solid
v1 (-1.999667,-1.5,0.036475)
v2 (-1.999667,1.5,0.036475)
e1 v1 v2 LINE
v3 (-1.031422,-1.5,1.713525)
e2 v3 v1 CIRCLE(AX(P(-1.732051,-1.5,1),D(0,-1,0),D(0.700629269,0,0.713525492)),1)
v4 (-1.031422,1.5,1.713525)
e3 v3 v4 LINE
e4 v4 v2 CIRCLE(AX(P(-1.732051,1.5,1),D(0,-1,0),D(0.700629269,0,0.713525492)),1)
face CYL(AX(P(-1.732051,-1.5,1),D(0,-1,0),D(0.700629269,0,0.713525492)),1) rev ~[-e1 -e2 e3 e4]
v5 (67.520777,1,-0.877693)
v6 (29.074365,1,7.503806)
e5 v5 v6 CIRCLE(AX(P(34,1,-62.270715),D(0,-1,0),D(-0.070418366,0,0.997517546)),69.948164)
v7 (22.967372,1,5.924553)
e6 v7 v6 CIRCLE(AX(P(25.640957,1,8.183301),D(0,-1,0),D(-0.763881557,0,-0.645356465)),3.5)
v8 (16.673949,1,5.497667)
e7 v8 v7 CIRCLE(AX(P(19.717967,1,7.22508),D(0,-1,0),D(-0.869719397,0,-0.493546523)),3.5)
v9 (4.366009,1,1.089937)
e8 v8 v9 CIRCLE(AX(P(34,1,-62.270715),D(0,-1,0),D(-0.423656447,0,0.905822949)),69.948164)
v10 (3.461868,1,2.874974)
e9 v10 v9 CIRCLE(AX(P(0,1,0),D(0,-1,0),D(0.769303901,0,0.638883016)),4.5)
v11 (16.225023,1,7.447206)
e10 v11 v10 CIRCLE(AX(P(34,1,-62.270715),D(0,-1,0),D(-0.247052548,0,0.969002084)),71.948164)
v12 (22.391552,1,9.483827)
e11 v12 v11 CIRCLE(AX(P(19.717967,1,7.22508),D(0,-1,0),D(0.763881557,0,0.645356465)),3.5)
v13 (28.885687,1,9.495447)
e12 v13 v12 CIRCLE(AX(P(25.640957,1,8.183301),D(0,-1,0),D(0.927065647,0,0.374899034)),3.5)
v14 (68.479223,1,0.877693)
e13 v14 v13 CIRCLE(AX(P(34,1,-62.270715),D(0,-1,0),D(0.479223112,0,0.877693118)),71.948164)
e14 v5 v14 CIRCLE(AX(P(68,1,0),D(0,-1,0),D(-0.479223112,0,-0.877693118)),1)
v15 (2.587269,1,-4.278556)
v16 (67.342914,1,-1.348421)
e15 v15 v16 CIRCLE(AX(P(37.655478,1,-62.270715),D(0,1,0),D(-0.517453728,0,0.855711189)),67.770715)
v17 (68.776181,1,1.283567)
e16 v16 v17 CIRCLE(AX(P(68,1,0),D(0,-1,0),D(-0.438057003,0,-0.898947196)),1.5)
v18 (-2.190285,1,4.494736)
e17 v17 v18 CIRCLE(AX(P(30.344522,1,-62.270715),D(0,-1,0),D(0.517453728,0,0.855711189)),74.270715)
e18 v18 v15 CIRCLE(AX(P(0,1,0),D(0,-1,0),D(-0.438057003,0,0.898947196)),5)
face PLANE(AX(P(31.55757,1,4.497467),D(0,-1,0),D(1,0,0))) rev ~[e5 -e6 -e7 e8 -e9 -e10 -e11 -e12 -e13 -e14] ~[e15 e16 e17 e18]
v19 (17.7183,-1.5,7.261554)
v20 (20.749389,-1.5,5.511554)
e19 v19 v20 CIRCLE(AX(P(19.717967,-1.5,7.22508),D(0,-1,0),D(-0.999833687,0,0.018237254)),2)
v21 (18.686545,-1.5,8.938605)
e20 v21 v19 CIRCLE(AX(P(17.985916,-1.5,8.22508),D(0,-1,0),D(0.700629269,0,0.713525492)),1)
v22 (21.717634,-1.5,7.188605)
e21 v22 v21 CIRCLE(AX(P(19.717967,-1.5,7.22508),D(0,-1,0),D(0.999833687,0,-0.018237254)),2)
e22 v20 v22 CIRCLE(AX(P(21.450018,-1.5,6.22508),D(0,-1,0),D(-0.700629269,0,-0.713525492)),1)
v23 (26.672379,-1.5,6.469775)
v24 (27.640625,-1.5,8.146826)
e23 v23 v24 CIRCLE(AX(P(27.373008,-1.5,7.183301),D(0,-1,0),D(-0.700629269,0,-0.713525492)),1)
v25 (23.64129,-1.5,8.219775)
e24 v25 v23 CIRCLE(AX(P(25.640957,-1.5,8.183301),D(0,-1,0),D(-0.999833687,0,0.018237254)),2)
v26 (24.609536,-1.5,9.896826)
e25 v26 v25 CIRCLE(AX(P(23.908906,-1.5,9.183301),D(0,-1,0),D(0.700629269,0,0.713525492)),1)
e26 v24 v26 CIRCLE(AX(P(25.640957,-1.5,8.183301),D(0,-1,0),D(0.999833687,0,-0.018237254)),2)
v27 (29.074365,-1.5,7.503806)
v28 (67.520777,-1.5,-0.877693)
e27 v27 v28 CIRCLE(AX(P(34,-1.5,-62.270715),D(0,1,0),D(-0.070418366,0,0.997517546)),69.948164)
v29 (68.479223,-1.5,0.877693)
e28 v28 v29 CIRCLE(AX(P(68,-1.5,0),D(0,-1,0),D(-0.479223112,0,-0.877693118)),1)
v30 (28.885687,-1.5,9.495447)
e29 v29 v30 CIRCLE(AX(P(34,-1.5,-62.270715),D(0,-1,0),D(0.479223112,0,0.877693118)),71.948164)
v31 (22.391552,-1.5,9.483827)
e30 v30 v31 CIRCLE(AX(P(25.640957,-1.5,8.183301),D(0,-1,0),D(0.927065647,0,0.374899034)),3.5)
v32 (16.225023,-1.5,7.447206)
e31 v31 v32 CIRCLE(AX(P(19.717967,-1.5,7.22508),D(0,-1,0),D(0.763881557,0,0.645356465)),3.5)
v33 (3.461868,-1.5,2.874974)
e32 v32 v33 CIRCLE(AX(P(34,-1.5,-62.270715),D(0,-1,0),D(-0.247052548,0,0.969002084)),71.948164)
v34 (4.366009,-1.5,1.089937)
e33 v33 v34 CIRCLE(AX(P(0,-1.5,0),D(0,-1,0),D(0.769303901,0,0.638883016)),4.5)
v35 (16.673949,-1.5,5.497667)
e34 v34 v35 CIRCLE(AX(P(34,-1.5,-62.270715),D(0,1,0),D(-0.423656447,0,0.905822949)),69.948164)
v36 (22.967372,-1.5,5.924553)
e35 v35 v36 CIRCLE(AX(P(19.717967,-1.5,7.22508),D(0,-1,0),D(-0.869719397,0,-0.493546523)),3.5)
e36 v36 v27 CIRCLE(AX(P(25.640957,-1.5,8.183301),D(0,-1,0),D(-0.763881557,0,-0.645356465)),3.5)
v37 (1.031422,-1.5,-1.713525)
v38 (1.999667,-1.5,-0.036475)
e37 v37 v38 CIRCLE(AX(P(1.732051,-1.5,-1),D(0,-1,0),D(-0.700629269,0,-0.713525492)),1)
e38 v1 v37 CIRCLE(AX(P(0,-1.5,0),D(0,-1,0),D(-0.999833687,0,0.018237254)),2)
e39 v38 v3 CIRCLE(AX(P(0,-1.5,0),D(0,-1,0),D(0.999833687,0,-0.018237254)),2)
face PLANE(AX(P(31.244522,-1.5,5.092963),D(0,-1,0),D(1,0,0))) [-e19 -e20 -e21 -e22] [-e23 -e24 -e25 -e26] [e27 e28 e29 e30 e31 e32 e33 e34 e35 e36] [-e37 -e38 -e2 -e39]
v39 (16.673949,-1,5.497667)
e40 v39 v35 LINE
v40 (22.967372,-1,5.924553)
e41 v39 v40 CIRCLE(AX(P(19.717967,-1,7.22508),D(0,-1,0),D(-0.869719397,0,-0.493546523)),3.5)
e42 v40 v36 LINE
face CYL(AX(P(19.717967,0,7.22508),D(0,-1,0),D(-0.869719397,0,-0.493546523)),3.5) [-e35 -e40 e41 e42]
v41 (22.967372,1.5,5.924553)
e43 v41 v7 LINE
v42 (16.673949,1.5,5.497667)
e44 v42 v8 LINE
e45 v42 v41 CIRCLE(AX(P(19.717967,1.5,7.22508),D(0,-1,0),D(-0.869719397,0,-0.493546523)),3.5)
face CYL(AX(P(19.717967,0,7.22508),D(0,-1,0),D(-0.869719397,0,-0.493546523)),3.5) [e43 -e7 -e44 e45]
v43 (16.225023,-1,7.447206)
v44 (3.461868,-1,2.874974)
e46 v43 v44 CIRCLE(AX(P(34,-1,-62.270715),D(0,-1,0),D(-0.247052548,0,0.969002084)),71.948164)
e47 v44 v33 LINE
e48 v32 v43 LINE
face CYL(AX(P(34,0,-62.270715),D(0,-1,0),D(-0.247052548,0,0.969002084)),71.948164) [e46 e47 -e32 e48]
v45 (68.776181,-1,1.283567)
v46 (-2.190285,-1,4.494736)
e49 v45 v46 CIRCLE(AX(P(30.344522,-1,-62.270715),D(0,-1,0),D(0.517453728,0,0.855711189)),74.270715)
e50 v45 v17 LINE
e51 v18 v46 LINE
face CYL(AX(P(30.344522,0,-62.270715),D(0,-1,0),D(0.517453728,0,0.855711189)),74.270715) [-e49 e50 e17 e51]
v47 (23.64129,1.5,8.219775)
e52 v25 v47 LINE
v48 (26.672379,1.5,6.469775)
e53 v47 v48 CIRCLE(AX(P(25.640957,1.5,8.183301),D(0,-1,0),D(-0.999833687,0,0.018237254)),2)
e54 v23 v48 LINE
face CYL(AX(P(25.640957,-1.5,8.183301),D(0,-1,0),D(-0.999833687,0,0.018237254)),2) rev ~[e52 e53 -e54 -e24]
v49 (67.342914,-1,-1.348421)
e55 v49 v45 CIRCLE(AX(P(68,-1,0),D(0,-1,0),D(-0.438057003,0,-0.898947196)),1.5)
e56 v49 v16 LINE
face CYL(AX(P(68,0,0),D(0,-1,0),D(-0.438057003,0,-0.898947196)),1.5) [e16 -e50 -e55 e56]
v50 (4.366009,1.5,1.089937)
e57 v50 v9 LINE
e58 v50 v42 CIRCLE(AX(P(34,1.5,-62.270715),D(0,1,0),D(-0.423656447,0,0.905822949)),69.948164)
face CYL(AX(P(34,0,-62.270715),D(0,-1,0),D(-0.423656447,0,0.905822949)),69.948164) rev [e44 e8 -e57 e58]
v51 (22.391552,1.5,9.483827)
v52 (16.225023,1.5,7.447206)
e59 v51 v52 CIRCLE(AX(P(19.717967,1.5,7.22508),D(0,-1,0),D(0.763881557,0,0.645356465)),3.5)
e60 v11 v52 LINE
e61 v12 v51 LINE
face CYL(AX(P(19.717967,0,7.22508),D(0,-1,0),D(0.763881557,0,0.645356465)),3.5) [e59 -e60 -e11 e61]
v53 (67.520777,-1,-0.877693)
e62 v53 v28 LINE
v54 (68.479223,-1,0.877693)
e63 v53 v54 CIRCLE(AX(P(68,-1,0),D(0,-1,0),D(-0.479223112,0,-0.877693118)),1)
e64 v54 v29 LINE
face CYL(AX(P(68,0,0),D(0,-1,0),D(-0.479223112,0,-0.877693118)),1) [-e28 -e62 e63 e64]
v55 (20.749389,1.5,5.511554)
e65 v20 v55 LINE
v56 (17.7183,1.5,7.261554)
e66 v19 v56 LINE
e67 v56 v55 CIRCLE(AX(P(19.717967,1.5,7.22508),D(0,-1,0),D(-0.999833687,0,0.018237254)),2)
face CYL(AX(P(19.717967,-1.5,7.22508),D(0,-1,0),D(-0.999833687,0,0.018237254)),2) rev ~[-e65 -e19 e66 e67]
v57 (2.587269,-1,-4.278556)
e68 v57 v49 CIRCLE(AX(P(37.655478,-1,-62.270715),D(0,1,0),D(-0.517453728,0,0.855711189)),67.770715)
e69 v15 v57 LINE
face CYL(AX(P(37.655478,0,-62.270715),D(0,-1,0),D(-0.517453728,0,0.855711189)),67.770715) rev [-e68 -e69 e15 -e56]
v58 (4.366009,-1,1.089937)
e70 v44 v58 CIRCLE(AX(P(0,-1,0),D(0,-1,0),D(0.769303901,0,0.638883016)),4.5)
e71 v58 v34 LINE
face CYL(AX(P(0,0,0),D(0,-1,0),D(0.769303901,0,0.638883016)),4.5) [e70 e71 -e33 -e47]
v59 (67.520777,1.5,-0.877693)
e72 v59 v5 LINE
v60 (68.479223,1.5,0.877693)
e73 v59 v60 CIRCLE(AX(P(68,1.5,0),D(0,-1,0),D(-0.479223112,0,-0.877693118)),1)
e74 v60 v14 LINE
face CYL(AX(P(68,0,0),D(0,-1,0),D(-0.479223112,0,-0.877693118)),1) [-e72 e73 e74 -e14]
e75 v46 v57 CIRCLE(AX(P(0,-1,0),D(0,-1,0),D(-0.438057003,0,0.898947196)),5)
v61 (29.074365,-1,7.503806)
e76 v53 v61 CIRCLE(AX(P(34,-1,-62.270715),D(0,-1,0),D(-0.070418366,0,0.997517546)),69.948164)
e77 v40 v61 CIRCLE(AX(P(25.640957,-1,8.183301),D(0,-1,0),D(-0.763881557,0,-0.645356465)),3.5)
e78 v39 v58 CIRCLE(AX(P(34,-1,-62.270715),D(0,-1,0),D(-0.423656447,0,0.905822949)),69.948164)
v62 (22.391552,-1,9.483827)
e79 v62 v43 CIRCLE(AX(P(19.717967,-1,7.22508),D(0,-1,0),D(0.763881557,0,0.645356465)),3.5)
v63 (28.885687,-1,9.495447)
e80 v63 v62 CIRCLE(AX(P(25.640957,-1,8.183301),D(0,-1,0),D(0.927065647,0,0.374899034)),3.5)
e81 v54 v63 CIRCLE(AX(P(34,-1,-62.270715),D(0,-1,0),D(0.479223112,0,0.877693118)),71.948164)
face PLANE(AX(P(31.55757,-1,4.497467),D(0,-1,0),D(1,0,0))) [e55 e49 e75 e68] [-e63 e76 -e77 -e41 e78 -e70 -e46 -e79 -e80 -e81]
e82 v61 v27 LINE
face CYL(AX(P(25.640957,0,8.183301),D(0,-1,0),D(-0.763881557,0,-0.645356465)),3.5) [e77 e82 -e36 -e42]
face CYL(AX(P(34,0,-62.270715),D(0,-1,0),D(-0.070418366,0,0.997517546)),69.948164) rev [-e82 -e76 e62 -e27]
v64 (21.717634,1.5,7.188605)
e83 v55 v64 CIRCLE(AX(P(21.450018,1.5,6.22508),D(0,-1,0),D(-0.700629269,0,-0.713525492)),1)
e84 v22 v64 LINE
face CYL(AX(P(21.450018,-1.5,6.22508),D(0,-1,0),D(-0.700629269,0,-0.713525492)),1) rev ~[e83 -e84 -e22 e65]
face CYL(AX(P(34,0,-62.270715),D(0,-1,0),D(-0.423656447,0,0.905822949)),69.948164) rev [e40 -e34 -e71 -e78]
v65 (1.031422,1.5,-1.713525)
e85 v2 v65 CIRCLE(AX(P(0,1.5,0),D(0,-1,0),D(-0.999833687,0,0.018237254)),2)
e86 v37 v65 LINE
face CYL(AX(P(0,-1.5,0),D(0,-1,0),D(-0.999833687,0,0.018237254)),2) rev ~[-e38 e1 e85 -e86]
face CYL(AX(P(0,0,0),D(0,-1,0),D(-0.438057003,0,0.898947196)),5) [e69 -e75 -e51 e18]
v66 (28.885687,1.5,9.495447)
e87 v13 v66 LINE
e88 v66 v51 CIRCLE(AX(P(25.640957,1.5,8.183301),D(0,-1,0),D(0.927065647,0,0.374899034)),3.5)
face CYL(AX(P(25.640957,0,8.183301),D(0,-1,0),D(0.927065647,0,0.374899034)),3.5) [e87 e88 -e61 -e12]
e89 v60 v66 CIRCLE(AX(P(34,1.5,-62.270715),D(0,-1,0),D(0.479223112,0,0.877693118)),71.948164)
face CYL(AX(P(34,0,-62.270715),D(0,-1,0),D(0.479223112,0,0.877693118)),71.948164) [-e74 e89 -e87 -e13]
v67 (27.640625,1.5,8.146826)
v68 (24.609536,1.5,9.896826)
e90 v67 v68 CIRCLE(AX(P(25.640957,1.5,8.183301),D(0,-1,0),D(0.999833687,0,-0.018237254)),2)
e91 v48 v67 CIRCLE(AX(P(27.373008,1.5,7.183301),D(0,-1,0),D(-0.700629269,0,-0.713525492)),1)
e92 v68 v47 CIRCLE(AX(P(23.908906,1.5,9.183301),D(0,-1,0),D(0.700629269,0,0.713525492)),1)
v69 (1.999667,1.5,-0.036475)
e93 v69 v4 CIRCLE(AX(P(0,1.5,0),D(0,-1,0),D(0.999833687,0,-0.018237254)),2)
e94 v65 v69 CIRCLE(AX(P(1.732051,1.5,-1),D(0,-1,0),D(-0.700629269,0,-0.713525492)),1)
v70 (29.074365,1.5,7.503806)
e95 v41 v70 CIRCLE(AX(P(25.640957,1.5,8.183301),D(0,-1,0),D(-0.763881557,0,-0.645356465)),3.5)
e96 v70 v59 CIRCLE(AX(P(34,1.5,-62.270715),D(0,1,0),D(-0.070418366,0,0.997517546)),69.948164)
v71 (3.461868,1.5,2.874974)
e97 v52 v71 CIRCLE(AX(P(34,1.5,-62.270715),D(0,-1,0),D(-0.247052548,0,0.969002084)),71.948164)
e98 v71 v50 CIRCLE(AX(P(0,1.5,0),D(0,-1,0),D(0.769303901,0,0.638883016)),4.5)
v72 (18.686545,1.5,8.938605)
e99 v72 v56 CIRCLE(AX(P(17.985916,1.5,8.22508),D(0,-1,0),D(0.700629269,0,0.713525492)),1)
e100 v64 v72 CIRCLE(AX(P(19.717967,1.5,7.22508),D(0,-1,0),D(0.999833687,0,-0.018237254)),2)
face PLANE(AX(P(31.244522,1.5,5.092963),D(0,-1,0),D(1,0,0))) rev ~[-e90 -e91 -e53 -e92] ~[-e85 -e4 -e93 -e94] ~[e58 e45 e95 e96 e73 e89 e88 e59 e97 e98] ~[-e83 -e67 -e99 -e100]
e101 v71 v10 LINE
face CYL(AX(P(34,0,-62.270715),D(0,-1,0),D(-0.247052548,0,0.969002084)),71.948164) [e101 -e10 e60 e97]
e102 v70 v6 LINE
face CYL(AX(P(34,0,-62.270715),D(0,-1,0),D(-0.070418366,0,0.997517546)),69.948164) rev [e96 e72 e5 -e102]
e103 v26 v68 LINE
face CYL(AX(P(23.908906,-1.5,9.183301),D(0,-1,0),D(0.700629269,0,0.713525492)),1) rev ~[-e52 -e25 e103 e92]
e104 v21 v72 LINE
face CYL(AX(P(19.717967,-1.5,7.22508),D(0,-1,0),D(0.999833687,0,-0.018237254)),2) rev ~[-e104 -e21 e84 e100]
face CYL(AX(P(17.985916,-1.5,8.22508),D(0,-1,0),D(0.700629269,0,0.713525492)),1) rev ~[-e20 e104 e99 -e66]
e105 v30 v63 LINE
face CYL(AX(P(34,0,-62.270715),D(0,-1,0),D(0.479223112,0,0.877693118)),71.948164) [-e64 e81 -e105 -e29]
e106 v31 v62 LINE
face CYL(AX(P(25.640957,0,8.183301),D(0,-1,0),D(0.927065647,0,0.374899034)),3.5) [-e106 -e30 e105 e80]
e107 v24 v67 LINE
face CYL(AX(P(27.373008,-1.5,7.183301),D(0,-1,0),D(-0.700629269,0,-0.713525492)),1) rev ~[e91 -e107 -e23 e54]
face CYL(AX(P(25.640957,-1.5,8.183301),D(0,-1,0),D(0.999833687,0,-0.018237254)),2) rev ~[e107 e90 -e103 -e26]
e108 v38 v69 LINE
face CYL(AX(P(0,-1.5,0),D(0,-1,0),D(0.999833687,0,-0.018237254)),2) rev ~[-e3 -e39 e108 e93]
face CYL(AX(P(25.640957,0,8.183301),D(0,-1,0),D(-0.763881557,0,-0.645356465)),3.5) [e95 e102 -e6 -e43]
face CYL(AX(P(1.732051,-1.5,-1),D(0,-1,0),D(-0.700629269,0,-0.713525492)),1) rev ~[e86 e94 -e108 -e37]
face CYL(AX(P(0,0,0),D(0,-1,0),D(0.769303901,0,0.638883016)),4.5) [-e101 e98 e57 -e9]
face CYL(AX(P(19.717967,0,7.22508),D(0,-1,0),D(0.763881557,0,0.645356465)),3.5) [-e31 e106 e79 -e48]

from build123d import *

# Parameters (mm, degrees)
F1_DEPTH = 1
F3_DEPTH = 1.5
F5_DEPTH = 3.001


with BuildPart() as f1:
    # F0 (on Front) → F1 (new body, symmetric)
    with BuildSketch(Plane.XZ):
        with BuildLine():
            ThreePointArc((68.7761805926, 1.2835667835), (33.7017703575, 11.9240825949), (-2.1902850165, 4.4947359819))
            ThreePointArc((-2.1902850165, 4.4947359819), (-4.3911344557, -2.3912210671), (2.5872686419, -4.278555945))
            ThreePointArc((2.5872686419, -4.278555945), (34.592048198, 5.4307267094), (67.3429144951, -1.3484207946))
            ThreePointArc((67.3429144951, -1.3484207946), (69.3173403367, -0.7173663201), (68.7761805926, 1.2835667835))
        make_face()
    extrude(amount=F1_DEPTH, both=True)

    # F2 (on Front) → F3 (join, symmetric)
    with BuildSketch(Plane.XZ):
        with BuildLine():
            ThreePointArc((16.2250227063, 7.4472055889), (9.7355101111, 5.4623847447), (3.4618675547, 2.874973571))
            ThreePointArc((3.4618675547, 2.874973571), (-4.0144119209, -2.0333462394), (4.3660093294, 1.0899369411))
            ThreePointArc((4.3660093294, 1.0899369411), (10.4167772399, 3.581978337), (16.6739491432, 5.4976668288))
            ThreePointArc((16.6739491432, 5.4976668288), (19.9548297013, 3.7331037029), (22.9673717281, 5.9245531772))
            ThreePointArc((22.9673717281, 5.9245531772), (26.5172230695, 4.7947674828), (29.0743645644, 7.5038056215))
            ThreePointArc((29.0743645644, 7.5038056215), (48.8990908767, 6.0722634585), (67.5207768882, -0.8776931178))
            ThreePointArc((67.5207768882, -0.8776931178), (68.8776931178, -0.4792231118), (68.4792231118, 0.8776931178))
            ThreePointArc((68.4792231118, 0.8776931178), (49.3016635675, 8.0314710303), (28.8856869412, 9.495447426))
            ThreePointArc((28.8856869412, 9.495447426), (25.6346945373, 11.6832952033), (22.3915524813, 9.4838272879))
            ThreePointArc((22.3915524813, 9.4838272879), (18.6203358432, 10.5485124881), (16.2250227063, 7.4472055889))
        make_face()
    extrude(amount=F3_DEPTH, both=True)

    # F4 (on face) → F5 (cut, through all)
    with BuildSketch(Plane.XZ.offset(1.5)):
        with BuildLine():
            ThreePointArc((1.0314215383, -1.7135254916), (2.5980762114, -1.5), (1.9996673749, -0.0364745084))
            ThreePointArc((1.9996673749, -0.0364745084), (1, 1.7320508076), (-1.0314215383, 1.7135254916))
            ThreePointArc((-1.0314215383, 1.7135254916), (-2.5980762114, 1.5), (-1.9996673749, 0.0364745084))
            ThreePointArc((-1.9996673749, 0.0364745084), (-1, -1.7320508076), (1.0314215383, -1.7135254916))
        make_face()
        with BuildLine():
            ThreePointArc((20.7493885716, 5.5115541672), (22.3160432446, 5.7250796588), (21.7176344082, 7.1886051503))
            ThreePointArc((21.7176344082, 7.1886051503), (20.7179670333, 8.9571304663), (18.6865454949, 8.9386051503))
            ThreePointArc((18.6865454949, 8.9386051503), (17.1198908219, 8.7250796588), (17.7182996584, 7.2615541672))
            ThreePointArc((17.7182996584, 7.2615541672), (18.7179670333, 5.4930288512), (20.7493885716, 5.5115541672))
        make_face()
        with BuildLine():
            ThreePointArc((26.6723787145, 6.4697753147), (28.2390333875, 6.6833008063), (27.640624551, 8.1468262978))
            ThreePointArc((27.640624551, 8.1468262978), (26.6409571761, 9.9153516138), (24.6095356378, 9.8968262978))
            ThreePointArc((24.6095356378, 9.8968262978), (23.0428809648, 9.6833008063), (23.6412898012, 8.2197753147))
            ThreePointArc((23.6412898012, 8.2197753147), (24.6409571761, 6.4512499987), (26.6723787145, 6.4697753147))
        make_face()
    extrude(amount=-F5_DEPTH, mode=Mode.SUBTRACT)


solid = f1.part
